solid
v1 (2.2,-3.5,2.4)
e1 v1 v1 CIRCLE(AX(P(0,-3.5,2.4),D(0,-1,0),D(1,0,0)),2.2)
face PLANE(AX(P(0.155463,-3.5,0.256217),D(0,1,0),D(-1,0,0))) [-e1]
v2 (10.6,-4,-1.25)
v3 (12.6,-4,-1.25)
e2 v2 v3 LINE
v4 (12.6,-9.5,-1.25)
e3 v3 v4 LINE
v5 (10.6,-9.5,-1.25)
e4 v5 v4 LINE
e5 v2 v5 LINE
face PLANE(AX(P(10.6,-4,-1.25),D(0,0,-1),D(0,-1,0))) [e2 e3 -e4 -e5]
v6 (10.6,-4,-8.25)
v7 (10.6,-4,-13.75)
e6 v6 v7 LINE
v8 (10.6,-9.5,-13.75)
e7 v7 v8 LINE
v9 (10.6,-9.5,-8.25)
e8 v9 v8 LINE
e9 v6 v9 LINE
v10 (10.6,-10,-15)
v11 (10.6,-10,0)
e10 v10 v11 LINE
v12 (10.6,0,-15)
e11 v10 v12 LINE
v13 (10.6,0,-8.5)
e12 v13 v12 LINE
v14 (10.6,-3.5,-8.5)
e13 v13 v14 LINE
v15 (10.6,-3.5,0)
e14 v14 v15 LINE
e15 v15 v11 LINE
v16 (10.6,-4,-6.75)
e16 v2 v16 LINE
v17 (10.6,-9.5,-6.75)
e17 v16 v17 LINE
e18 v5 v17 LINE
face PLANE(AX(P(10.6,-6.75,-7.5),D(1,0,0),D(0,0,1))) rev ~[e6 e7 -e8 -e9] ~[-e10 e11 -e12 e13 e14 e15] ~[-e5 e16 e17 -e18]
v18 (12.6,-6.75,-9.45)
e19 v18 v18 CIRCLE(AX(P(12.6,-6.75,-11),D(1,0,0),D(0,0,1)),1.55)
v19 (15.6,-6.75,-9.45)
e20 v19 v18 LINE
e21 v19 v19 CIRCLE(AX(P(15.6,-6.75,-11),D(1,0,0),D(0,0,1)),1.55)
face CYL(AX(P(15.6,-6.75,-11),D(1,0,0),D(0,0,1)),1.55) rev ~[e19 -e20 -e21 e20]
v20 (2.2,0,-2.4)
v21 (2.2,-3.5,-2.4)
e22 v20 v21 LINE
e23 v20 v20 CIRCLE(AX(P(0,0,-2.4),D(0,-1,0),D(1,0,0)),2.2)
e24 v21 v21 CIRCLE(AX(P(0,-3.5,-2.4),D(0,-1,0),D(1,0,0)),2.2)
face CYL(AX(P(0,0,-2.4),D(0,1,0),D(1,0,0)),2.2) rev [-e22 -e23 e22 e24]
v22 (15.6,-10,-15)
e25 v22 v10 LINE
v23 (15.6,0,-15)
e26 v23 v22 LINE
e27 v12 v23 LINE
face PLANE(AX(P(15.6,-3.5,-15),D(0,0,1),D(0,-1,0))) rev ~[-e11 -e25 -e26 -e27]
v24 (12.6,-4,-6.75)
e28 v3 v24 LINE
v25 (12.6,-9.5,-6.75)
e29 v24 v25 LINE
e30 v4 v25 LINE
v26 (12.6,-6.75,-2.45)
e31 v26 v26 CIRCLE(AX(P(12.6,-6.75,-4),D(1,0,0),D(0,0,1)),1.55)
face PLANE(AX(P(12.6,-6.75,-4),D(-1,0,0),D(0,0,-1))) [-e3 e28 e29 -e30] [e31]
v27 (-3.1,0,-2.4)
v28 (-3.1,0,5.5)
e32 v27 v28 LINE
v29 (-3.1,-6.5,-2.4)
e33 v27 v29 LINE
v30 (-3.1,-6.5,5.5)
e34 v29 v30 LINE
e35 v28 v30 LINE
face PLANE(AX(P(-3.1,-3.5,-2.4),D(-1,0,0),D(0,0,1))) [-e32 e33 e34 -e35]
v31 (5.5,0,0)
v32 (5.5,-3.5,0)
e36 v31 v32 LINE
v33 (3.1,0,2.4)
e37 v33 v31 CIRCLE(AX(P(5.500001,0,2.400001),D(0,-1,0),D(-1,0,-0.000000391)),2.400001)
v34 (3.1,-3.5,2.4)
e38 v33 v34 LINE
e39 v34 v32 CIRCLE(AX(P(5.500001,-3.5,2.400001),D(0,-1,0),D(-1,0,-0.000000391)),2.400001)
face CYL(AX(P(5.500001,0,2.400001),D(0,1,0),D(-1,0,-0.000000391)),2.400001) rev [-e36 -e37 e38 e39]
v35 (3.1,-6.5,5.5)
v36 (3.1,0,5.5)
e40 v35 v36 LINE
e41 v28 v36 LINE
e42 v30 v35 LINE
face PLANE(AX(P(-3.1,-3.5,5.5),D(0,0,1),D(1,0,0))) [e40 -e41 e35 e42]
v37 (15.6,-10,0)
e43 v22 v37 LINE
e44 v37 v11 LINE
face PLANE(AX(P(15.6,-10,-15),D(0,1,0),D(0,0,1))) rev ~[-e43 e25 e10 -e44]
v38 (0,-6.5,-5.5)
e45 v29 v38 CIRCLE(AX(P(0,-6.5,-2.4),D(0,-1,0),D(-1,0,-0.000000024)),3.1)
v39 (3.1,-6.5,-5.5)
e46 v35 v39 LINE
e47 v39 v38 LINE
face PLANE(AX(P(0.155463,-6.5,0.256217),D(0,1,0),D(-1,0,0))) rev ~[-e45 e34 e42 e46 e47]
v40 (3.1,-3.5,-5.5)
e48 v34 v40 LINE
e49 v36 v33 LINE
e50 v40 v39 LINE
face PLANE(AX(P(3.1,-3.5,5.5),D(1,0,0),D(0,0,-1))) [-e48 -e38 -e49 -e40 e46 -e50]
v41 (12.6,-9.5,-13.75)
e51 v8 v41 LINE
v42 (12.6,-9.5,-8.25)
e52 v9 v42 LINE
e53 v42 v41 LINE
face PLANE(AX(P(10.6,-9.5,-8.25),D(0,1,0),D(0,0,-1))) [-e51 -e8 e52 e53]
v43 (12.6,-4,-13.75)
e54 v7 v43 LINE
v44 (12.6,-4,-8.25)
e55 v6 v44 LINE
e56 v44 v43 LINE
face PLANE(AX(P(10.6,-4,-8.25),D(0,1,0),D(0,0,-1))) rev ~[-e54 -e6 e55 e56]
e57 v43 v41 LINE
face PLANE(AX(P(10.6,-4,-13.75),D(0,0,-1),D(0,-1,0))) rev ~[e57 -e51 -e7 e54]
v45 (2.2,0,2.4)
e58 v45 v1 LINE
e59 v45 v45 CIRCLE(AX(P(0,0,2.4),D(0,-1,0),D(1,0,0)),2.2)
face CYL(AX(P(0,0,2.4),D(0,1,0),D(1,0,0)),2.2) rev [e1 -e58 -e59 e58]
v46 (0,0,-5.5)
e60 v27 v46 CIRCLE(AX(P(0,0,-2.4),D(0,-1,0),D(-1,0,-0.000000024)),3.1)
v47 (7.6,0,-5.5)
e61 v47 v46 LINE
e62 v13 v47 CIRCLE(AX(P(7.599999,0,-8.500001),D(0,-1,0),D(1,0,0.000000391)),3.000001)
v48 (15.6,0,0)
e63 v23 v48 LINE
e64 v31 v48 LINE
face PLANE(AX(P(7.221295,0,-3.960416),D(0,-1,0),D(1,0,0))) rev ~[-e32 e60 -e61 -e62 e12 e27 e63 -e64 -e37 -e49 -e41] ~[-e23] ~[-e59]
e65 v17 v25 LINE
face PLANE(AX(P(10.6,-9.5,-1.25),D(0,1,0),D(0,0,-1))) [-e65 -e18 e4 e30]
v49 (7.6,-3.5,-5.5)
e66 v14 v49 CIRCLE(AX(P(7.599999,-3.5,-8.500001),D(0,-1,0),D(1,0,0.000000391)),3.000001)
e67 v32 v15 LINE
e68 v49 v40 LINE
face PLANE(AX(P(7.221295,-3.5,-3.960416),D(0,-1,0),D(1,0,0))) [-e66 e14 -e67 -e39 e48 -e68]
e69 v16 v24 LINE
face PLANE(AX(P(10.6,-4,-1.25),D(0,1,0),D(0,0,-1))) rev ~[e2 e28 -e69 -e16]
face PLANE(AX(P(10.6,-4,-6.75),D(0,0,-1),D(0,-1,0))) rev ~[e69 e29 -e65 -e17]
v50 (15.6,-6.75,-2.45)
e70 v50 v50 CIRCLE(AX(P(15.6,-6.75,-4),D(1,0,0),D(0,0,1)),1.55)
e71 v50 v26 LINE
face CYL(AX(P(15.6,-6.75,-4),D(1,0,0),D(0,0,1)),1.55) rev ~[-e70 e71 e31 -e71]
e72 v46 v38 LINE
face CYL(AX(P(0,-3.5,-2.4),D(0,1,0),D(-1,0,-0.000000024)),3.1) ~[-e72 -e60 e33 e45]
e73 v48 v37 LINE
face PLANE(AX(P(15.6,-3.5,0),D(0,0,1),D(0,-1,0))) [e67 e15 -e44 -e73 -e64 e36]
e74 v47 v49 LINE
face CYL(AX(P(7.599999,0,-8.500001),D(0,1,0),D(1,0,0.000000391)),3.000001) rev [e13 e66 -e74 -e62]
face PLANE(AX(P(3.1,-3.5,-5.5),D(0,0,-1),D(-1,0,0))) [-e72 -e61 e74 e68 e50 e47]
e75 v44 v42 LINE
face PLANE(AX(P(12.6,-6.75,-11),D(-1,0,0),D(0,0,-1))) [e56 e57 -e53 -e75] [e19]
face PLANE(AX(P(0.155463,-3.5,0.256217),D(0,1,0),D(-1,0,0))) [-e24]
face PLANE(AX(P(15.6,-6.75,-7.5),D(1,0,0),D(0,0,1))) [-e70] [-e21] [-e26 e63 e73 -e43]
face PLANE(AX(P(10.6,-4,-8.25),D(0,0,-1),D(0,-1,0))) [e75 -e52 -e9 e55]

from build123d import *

# Parameters (mm, degrees)
SKETCH_R     = 2.2
PAD_DEPTH    = 3.5
SKETCH001_W  = 15
SKETCH001_H  = 6.5
SKETCH001_R  = 1.55
PAD001_DEPTH = 5
SKETCH002_W  = 5.5
SKETCH002_H  = 5.5
POCKET_DEPTH = 2
PAD002_DEPTH = 3


with BuildPart() as part:
    # Sketch → Pad (new body)
    with BuildSketch(Plane.XZ):
        with BuildLine():
            Line((10.6, -8.5), (10.6, -15))
            Line((10.6, -15), (15.6, -15))
            Line((15.6, -15), (15.6, 0))
            Line((5.5, 0), (15.6, 0))
            ThreePointArc((3.1, 2.4), (3.802944, 0.702944), (5.5, 0))
            Line((3.1, 5.5), (3.1, 2.4))
            Line((-3.1, 5.5), (3.1, 5.5))
            Line((-3.1, -2.4), (-3.1, 5.5))
            ThreePointArc((-3.1, -2.4), (-2.192031, -4.592031), (0, -5.5))
            Line((7.6, -5.5), (0, -5.5))
            ThreePointArc((10.6, -8.5), (9.72132, -6.37868), (7.6, -5.5))
        make_face()
        with Locations((0, 2.4)):
            Circle(SKETCH_R, mode=Mode.SUBTRACT)
        with Locations((0, -2.4)):
            Circle(SKETCH_R, mode=Mode.SUBTRACT)
    extrude(amount=PAD_DEPTH)

    # Sketch001 (on Face4 of Pad) → Pad001 (join)
    with BuildSketch(Plane(origin=(15.6, 0, 0), x_dir=(0, 0, 1), z_dir=(1, 0, 0))):
        with Locations((-7.5, 6.75)):
            Rectangle(SKETCH001_W, SKETCH001_H)
        with Locations((-4, 6.75)):
            Circle(SKETCH001_R, mode=Mode.SUBTRACT)
        with Locations((-11, 6.75)):
            Circle(SKETCH001_R, mode=Mode.SUBTRACT)
    extrude(amount=-PAD001_DEPTH)

    # Sketch002 (on Face12 of Pad001) → Pocket (cut)
    with BuildSketch(Plane(origin=(10.6, 0, 0), x_dir=(0, 0, -1), z_dir=(-1, 0, 0))):
        with Locations((4, 6.75)):
            Rectangle(SKETCH002_W, SKETCH002_H)
        with Locations((11, 6.75)):
            Rectangle(SKETCH002_W, SKETCH002_H)
    extrude(amount=-POCKET_DEPTH, mode=Mode.SUBTRACT)

    # Sketch003 (on Face5 of Pocket) → Pad002 (join)
    with BuildSketch(Plane.XZ.offset(3.5)):
        with BuildLine():
            Line((-3.1, 5.5), (3.1, 5.5))
            Line((3.1, 5.5), (3.1, -5.5))
            Line((3.1, -5.5), (0, -5.5))
            ThreePointArc((-3.1, -2.4), (-2.192031, -4.592031), (0, -5.5))
            Line((-3.1, -2.4), (-3.1, 5.5))
        make_face()
    extrude(amount=PAD002_DEPTH)


solid = part.part
